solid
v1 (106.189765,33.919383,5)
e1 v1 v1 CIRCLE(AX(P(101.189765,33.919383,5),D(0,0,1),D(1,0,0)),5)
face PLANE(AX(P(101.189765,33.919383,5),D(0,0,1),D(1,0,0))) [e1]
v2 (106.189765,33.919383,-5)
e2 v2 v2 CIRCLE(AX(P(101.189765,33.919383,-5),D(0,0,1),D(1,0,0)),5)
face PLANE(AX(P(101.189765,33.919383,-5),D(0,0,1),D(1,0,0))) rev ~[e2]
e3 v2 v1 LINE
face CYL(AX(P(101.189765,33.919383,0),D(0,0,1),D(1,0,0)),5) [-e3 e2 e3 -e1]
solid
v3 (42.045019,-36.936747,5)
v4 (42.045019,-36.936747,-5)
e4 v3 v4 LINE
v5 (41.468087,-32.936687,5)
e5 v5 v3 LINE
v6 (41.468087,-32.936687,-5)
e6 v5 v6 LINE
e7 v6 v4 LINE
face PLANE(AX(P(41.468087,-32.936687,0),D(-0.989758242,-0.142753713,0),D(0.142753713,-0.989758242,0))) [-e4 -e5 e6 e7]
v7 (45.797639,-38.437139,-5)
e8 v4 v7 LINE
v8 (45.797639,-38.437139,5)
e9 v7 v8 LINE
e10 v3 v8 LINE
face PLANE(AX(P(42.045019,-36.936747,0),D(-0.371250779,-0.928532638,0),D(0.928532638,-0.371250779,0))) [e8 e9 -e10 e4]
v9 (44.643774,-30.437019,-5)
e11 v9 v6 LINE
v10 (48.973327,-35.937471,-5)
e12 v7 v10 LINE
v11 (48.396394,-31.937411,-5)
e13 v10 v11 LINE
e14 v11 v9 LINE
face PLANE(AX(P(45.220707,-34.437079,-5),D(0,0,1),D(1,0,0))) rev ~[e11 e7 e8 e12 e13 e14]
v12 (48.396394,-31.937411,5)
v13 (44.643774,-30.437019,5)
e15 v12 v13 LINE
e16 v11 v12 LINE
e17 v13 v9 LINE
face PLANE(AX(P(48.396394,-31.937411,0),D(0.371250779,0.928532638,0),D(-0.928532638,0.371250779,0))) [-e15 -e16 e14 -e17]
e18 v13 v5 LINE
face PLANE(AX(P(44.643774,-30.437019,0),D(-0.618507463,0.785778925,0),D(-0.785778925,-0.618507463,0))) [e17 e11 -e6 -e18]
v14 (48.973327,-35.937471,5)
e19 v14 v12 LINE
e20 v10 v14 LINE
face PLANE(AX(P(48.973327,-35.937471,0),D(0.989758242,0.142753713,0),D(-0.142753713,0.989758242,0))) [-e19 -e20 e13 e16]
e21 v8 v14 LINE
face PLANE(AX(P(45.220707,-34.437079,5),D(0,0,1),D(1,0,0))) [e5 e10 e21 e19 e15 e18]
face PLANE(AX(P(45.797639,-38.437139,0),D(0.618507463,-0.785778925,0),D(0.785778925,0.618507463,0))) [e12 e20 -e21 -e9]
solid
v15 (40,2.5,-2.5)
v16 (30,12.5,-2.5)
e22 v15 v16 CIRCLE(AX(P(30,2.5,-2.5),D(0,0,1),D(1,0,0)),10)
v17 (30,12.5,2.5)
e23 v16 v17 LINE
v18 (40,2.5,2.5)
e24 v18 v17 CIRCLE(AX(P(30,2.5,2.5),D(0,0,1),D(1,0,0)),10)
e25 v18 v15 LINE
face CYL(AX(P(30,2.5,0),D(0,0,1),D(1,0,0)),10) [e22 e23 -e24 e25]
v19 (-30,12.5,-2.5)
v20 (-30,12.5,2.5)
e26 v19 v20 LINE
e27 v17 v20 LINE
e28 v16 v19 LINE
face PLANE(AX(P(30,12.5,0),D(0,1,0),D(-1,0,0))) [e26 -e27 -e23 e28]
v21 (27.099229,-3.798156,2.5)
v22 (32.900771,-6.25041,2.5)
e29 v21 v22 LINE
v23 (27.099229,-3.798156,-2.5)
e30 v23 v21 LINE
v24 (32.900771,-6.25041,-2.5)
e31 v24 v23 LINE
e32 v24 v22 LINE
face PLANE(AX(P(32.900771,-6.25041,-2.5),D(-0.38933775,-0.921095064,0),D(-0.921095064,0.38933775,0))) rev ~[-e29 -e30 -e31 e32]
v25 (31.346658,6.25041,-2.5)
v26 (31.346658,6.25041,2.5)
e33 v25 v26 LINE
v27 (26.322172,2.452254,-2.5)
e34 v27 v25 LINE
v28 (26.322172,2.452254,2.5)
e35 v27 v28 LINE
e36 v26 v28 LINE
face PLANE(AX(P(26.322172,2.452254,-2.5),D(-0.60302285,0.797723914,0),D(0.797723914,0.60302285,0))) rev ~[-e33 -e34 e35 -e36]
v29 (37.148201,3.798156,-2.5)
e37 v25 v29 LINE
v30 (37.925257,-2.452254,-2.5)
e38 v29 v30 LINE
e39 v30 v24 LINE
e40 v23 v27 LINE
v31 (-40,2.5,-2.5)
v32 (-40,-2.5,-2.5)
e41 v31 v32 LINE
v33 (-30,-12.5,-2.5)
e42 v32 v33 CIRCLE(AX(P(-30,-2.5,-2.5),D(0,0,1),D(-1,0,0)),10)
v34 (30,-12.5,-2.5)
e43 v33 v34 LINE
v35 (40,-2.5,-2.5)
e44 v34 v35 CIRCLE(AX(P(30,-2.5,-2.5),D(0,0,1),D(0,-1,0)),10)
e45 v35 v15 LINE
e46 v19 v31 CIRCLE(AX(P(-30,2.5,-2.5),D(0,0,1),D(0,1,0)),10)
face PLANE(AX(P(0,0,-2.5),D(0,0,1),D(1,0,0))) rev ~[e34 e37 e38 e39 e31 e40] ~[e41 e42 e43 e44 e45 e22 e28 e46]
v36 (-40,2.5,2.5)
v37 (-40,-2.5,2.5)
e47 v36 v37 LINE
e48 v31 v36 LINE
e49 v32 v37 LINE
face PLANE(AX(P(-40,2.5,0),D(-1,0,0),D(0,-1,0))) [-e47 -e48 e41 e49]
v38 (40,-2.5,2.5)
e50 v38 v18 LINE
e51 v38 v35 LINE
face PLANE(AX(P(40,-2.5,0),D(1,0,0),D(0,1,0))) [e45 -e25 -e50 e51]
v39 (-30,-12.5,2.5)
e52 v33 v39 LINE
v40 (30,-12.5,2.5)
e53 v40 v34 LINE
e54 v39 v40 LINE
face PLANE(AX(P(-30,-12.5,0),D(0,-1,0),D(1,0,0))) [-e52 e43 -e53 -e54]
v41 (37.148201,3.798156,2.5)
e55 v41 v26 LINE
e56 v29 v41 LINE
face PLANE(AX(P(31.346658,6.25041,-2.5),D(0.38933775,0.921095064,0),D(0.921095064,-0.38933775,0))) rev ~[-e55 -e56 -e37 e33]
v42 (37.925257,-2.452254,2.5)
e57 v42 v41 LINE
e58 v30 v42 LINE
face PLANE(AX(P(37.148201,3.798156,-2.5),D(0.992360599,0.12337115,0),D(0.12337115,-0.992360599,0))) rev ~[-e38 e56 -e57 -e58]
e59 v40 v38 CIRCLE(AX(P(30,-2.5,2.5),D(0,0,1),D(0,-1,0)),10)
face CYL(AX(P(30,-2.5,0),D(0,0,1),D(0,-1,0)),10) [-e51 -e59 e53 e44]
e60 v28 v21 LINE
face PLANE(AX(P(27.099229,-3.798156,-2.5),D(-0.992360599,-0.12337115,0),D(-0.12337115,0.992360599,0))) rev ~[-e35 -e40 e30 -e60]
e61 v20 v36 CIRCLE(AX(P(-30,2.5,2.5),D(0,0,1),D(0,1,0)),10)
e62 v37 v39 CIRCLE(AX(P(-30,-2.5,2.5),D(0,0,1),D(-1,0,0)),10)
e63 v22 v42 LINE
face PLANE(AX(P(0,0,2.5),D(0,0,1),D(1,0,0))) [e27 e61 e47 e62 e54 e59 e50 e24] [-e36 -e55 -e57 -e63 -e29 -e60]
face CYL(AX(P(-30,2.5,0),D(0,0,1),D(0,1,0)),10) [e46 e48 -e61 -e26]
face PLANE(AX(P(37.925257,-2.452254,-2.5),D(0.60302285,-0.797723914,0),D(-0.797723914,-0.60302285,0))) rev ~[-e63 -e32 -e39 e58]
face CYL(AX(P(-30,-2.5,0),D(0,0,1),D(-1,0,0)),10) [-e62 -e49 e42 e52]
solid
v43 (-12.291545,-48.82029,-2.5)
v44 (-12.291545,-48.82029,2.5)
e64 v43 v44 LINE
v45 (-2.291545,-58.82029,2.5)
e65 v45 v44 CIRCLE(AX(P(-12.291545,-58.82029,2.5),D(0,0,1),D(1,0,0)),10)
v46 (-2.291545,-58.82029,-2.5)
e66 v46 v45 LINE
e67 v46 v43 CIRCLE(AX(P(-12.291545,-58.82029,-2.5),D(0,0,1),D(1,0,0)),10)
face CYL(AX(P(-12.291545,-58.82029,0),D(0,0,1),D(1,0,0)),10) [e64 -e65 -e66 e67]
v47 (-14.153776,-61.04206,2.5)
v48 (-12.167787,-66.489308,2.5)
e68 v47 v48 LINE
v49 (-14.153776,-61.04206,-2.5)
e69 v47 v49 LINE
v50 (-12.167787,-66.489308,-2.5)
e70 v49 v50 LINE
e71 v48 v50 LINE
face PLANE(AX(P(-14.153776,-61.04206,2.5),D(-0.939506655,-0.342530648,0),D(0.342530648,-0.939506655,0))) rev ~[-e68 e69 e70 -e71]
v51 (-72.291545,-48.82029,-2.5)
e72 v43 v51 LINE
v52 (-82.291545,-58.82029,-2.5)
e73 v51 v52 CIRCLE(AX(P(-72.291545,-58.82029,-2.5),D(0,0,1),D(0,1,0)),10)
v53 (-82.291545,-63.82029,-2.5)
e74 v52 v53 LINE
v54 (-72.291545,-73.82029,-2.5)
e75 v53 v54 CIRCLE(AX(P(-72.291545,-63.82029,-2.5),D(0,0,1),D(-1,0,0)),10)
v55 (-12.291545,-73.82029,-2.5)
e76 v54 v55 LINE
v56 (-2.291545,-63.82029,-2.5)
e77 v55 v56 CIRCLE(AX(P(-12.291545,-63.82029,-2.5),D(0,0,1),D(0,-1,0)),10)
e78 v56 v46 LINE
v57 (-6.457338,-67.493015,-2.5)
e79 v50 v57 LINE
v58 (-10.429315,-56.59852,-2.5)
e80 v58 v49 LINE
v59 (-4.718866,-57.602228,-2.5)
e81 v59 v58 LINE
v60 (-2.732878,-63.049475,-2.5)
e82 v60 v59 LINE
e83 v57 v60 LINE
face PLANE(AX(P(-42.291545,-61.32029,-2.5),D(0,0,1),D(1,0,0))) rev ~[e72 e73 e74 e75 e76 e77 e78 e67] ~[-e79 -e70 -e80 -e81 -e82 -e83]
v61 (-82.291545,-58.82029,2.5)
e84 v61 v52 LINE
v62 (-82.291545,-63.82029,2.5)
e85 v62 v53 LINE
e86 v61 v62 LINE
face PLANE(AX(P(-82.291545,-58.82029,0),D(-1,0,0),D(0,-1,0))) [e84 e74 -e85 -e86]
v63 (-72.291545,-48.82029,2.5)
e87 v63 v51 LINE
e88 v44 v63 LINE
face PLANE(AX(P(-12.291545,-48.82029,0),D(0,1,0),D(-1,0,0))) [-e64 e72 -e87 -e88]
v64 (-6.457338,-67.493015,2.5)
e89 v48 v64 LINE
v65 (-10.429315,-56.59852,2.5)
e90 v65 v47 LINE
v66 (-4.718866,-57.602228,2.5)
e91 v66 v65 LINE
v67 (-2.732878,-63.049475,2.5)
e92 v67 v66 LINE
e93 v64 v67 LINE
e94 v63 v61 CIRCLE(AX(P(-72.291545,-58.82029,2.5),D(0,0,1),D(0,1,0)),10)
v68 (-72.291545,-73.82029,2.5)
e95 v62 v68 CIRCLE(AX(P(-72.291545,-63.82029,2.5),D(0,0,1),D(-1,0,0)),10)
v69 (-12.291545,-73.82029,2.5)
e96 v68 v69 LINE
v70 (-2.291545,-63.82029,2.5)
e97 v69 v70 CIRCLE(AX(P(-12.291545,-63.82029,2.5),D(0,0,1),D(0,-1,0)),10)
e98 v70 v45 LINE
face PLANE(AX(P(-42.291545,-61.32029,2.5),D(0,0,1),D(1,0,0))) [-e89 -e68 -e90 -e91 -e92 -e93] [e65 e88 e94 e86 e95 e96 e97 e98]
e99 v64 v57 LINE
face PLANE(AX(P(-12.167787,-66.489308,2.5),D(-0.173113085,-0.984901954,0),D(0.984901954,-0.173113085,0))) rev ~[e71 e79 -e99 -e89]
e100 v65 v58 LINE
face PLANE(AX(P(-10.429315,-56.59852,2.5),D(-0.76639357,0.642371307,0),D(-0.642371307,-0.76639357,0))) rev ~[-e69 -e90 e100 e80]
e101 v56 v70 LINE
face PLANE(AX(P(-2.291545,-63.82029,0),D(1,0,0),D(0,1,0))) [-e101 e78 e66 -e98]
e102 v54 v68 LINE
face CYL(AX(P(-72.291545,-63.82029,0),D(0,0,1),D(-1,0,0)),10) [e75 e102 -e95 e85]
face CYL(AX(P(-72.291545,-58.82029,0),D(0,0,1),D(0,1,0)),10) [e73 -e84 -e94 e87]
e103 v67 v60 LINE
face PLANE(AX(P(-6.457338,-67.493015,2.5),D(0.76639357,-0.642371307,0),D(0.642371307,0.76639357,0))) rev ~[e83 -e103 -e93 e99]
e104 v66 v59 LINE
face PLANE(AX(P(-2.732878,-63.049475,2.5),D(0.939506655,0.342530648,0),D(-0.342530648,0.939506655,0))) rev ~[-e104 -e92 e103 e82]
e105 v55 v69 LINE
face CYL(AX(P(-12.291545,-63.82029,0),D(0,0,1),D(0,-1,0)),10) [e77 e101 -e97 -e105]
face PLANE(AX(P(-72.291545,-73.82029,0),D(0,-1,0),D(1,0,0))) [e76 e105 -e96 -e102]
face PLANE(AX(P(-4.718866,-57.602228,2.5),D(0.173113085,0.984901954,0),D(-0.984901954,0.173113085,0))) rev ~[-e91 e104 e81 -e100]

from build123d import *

# Parameters (mm, degrees)
F1_DEPTH  = 2.5
F2_R      = 3.5576689951
F3_DEPTH  = 20
F4_DEPTH  = 20
F6_DEPTH  = 2.5
F8_DEPTH  = 6
F9_R      = 5
F10_DEPTH = 5
F12_DEPTH = 5


with BuildPart() as f1:
    # F0 (on Top) → F1 (new body, symmetric)
    with BuildSketch(Plane.XY):
        with BuildLine():
            ThreePointArc((40, 2.5), (37.0710678119, 9.5710678119), (30, 12.5))
            Line((30, 12.5), (-30, 12.5))
            ThreePointArc((-30, 12.5), (-37.0710678119, 9.5710678119), (-40, 2.5))
            Line((-40, 2.5), (-40, -2.5))
            ThreePointArc((-40, -2.5), (-37.0710678119, -9.5710678119), (-30, -12.5))
            Line((-30, -12.5), (30, -12.5))
            ThreePointArc((30, -12.5), (37.0710678119, -9.5710678119), (40, -2.5))
            Line((40, -2.5), (40, 2.5))
        make_face()
    extrude(amount=F1_DEPTH, both=True)

    # F2 (on face) → F3 (cut)
    with BuildSketch(Plane(origin=(0, 0, -2.5), x_dir=(1, 0, 0), z_dir=(0, 0, -1))):
        Polygon((32.900771254, 6.2504104384), (27.099228746, 3.7981559477), (26.3221721775, -2.4522544906), (31.3466581169, -6.2504104384), (37.1482006249, -3.7981559477), (37.9252571934, 2.4522544906), align=None)
        with Locations((32.1237146854, 0)):
            Circle(F2_R, mode=Mode.SUBTRACT)
    extrude(amount=-F3_DEPTH, mode=Mode.SUBTRACT)

    # F4 (cut): a face of the model
    f4_faces = [f1.faces().sort_by_distance(p)[0] for p in [
        (32.1237146854, 0, -2.5),
    ]]
    extrude(f4_faces, amount=-F4_DEPTH, mode=Mode.SUBTRACT)


with BuildPart() as f6:
    # F5 (on Top) → F6 (new body, symmetric)
    with BuildSketch(Plane.XY):
        with BuildLine():
            ThreePointArc((-82.2915453091, -63.8202903937), (-79.362613121, -70.8913582056), (-72.2915453091, -73.8202903937))
            Line((-72.2915453091, -73.8202903937), (-12.2915453091, -73.8202903937))
            ThreePointArc((-12.2915453091, -73.8202903937), (-5.2204774973, -70.8913582056), (-2.2915453091, -63.8202903937))
            Line((-2.2915453091, -63.8202903937), (-2.2915453091, -58.8202903937))
            ThreePointArc((-2.2915453091, -58.8202903937), (-5.2204774973, -51.7492225819), (-12.2915453091, -48.8202903937))
            Line((-12.2915453091, -48.8202903937), (-72.2915453091, -48.8202903937))
            ThreePointArc((-72.2915453091, -48.8202903937), (-79.362613121, -51.7492225819), (-82.2915453091, -58.8202903937))
            Line((-82.2915453091, -58.8202903937), (-82.2915453091, -63.8202903937))
        make_face()
    extrude(amount=F6_DEPTH, both=True)

    # F7 (on face) → F8 (cut)
    with BuildSketch(Plane.XY.offset(2.5)):
        Polygon((-10.4293150007, -56.5985203377), (-14.1537756176, -61.0420604498), (-12.1677873062, -66.4893080154), (-6.4573383779, -67.493015469), (-2.732877761, -63.0494753569), (-4.7188660724, -57.6022277912), align=None)
    extrude(amount=-F8_DEPTH, mode=Mode.SUBTRACT)


with BuildPart() as f10:
    # F9 (on Top) → F10 (new body, symmetric)
    with BuildSketch(Plane.XY):
        with Locations((101.1897652568, 33.9193832354)):
            Circle(F9_R)
    extrude(amount=F10_DEPTH, both=True)


with BuildPart() as f12:
    # F11 (on Top) → F12 (new body, symmetric)
    with BuildSketch(Plane.XY):
        Polygon((42.0450188959, -36.9367471334), (45.7976388735, -38.4371392945), (48.9733265895, -35.9374711437), (48.3963943278, -31.9374108318), (44.6437743502, -30.4370186707), (41.4680866343, -32.9366868215), align=None)
    extrude(amount=F12_DEPTH, both=True)


solid = Compound([f1.part, f6.part, f10.part, f12.part])
